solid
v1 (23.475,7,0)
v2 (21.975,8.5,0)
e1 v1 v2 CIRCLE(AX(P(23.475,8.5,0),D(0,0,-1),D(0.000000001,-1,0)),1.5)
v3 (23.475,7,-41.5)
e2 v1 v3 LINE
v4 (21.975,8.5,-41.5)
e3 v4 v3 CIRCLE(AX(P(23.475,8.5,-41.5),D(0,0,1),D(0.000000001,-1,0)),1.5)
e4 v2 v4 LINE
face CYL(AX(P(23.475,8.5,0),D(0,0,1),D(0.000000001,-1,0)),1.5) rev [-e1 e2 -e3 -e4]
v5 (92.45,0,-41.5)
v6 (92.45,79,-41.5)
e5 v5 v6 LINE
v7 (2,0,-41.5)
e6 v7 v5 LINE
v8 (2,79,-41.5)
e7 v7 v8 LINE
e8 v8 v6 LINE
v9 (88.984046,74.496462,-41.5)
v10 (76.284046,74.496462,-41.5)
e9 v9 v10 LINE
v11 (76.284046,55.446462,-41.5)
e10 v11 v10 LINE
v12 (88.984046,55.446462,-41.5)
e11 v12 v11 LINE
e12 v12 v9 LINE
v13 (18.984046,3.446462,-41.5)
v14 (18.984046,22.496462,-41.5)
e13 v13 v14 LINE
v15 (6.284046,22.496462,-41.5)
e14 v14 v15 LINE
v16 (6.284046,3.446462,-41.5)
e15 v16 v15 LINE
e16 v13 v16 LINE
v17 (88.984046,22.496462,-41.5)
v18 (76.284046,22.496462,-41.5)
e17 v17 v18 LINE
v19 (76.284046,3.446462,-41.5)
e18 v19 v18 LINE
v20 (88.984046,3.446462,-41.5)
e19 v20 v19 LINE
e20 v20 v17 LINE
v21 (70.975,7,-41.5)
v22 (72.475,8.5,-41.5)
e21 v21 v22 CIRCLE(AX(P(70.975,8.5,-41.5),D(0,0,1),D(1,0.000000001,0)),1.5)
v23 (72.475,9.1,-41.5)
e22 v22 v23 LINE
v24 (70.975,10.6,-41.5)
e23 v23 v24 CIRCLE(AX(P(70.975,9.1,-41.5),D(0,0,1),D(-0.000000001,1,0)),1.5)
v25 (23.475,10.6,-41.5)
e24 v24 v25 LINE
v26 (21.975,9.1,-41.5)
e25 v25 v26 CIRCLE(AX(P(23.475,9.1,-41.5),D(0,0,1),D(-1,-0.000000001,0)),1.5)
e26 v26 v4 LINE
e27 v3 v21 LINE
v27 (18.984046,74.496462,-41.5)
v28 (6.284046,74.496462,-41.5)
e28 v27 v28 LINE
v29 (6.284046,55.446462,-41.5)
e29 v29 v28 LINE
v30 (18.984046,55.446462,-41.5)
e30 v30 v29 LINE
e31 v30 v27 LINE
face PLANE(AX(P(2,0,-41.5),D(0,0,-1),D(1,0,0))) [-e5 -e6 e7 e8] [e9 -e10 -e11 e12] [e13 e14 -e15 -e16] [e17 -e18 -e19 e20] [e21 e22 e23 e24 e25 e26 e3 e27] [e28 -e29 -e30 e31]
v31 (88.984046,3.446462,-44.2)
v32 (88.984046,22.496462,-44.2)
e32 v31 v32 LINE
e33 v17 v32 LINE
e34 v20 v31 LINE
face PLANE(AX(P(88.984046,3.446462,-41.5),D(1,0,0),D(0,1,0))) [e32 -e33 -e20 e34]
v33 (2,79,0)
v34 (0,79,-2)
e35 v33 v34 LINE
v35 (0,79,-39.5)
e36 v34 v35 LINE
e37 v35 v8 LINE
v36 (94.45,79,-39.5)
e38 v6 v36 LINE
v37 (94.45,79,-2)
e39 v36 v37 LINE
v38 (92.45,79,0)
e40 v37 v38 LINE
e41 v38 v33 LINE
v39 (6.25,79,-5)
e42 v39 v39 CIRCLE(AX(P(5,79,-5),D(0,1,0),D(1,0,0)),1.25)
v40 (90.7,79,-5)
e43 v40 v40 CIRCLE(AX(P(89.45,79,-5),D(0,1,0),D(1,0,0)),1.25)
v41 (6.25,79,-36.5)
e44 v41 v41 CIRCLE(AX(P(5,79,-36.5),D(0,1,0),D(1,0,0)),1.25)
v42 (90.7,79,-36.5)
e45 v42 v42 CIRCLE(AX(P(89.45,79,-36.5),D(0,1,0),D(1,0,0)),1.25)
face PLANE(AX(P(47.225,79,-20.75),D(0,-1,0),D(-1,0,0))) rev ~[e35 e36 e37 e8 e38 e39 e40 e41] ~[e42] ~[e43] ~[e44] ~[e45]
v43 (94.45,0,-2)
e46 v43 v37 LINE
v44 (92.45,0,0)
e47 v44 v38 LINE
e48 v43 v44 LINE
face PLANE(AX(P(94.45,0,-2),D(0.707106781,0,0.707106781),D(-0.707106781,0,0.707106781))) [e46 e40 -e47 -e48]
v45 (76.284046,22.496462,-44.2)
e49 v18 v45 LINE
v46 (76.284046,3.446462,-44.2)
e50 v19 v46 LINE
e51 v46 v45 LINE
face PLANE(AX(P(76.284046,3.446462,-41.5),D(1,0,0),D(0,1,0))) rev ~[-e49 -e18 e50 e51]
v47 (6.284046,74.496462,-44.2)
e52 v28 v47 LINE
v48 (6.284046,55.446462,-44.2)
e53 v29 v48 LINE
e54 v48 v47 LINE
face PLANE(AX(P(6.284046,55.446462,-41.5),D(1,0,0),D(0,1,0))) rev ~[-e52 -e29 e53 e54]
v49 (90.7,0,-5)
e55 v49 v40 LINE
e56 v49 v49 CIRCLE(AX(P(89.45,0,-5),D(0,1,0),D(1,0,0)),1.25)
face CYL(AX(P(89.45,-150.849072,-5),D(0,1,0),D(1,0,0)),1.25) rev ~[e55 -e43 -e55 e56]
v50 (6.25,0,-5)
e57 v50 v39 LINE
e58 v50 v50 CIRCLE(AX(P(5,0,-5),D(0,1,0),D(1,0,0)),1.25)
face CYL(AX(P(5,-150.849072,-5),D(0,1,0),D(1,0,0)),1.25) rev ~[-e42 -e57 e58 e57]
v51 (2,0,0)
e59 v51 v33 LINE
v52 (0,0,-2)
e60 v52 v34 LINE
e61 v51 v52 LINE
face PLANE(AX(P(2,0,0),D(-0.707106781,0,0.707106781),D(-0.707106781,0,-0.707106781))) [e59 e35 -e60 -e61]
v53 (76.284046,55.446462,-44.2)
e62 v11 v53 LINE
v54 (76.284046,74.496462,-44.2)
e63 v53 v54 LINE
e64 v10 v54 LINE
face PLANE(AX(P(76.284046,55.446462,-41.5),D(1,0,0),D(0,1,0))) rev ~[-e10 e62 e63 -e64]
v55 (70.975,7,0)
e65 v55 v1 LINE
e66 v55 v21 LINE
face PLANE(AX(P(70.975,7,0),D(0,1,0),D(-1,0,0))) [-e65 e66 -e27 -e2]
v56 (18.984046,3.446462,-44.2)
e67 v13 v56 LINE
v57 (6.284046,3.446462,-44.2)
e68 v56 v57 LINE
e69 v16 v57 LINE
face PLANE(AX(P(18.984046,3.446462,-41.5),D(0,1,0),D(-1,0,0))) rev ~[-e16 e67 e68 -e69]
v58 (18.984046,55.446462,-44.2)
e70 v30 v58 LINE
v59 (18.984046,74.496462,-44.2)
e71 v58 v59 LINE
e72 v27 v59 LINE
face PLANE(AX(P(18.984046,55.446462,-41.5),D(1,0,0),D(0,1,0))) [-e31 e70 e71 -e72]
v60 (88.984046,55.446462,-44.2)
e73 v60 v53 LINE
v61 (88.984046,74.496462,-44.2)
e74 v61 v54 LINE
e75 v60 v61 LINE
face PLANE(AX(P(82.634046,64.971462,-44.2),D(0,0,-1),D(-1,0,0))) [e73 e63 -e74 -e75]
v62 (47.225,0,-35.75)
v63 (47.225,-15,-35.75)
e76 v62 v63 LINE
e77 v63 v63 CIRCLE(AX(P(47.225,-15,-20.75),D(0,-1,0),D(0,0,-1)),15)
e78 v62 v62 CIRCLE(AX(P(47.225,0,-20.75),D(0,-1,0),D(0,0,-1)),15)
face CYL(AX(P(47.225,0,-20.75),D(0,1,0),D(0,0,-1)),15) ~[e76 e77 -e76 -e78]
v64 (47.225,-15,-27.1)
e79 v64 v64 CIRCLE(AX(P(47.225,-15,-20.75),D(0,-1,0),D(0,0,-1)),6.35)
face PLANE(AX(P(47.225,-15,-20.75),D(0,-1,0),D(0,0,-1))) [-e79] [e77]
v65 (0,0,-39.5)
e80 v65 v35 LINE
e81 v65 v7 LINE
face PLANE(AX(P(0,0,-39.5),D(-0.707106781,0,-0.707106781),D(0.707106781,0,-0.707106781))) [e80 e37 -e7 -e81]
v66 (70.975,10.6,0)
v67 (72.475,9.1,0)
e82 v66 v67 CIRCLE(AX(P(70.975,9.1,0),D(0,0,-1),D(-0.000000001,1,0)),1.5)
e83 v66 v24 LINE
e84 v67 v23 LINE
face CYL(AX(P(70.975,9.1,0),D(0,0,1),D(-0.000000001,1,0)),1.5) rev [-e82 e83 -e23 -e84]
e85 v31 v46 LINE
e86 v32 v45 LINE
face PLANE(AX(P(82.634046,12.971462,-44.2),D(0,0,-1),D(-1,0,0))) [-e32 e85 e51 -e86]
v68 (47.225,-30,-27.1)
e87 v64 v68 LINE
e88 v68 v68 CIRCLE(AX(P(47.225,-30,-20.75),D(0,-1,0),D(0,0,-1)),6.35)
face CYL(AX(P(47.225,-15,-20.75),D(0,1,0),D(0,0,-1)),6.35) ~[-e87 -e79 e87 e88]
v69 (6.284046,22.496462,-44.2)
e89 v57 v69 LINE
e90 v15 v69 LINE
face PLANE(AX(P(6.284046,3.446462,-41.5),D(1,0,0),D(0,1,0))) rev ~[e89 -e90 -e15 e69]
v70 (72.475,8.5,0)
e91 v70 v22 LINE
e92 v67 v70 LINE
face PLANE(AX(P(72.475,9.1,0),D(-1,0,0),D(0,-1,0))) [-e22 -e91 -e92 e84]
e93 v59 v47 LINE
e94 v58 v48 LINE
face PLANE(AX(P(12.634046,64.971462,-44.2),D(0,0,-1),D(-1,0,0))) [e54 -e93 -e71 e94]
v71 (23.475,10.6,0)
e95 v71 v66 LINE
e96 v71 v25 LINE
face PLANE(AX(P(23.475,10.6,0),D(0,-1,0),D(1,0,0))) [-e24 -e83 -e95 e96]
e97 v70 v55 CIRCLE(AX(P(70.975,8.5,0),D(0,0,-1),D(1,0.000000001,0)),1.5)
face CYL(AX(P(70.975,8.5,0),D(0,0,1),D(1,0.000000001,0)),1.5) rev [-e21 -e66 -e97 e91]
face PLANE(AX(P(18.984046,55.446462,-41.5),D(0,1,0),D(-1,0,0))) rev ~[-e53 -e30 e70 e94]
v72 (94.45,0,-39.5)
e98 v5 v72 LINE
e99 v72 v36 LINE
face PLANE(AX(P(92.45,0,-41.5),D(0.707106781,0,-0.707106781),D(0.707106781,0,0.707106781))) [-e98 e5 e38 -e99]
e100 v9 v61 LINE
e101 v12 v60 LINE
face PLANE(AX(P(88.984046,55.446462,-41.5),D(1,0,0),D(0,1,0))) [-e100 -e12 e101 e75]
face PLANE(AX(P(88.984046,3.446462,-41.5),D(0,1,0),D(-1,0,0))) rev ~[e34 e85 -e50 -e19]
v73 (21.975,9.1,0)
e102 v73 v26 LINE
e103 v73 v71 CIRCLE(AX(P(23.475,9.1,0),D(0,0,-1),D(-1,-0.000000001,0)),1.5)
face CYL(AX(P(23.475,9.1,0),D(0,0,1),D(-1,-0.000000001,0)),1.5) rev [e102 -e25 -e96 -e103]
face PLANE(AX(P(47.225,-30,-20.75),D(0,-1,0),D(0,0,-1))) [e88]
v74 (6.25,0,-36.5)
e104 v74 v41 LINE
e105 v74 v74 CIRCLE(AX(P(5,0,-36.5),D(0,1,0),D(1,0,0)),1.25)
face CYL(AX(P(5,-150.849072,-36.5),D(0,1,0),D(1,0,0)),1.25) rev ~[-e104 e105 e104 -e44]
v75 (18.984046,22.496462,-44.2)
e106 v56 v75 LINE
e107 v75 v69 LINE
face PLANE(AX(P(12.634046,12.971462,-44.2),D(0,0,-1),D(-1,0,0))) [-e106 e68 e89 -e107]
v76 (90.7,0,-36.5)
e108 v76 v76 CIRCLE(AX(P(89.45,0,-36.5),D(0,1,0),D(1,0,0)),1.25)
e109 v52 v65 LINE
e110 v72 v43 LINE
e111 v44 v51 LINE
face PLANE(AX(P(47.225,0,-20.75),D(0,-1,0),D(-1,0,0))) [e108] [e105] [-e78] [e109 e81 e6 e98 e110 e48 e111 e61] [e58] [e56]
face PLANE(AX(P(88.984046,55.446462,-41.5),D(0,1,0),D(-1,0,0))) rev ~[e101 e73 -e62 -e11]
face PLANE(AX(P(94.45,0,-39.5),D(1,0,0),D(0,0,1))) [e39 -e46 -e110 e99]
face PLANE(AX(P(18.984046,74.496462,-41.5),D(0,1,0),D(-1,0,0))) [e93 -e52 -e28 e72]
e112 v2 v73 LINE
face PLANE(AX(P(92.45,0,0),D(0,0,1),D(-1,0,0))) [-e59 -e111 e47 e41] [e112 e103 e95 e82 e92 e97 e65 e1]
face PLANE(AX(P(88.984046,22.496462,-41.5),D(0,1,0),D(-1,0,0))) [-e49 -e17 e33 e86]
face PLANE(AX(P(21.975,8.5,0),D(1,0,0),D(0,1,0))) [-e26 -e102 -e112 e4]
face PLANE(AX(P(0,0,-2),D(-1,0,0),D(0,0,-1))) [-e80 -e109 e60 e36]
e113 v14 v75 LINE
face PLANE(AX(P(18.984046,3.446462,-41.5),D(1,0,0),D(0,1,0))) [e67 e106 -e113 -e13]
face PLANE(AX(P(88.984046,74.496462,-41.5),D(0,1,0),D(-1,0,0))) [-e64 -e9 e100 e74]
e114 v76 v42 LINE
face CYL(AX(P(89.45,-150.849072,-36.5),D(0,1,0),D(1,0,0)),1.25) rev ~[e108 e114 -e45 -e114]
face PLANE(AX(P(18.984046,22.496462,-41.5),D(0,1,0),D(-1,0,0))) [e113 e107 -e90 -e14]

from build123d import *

# Parameters (mm, degrees)
BOSS_EXTRUDE1_DEPTH         = 79
SKETCH2_W                   = 12.7
SKETCH2_H                   = 19.05
BOSS_EXTRUDE2_DEPTH         = 2.7
LPATTERN1_COUNT             = 2
LPATTERN1_PITCH             = 70
LPATTERN1_COUNT_DIR2        = 2
LPATTERN1_PITCH_DIR2        = 52
SKETCH3_R                   = 15
BOSS_EXTRUDE3_DEPTH         = 15
SKETCH4_R                   = 6.35
BOSS_EXTRUDE4_DEPTH         = 15
CUT_EXTRUDE1_DEPTH          = 131.826000856
TAP_DRILL_FOR_M3X0_5_TAP1_D = 2.5


with BuildPart() as part:
    # Sketch1 → Boss-Extrude1 (new body)
    with BuildSketch(Plane(origin=(0, 0, 0), x_dir=(1, 0, 0), z_dir=(0, 1, 0))):
        Polygon((0, 39.5), (2, 41.5), (92.45, 41.5), (94.45, 39.5), (94.45, 2), (92.45, 0), (2, 0), (0, 2), align=None)
    extrude(amount=BOSS_EXTRUDE1_DEPTH)

    # Sketch2 → Boss-Extrude2 (add)
    with BuildSketch(Plane(origin=(0, 0, -41.5), x_dir=(-1, 0, 0), z_dir=(0, 0, -1))):
        with Locations((-12.634045562, 12.971461945)):
            Rectangle(SKETCH2_W, SKETCH2_H)
    boss_extrude2 = extrude(amount=BOSS_EXTRUDE2_DEPTH)

    # LPattern1: Boss-Extrude2 2 × 2
    with Locations(*[(i * LPATTERN1_PITCH, j * LPATTERN1_PITCH_DIR2, 0) for i in range(LPATTERN1_COUNT) for j in range(LPATTERN1_COUNT_DIR2) if (i, j) != (0, 0)]):
        add(boss_extrude2)

    # Sketch3 → Boss-Extrude3 (add)
    with BuildSketch(Plane.XZ):
        with Locations(Location((47.225, -20.75, 0), (0, 0, 270))):
            Circle(SKETCH3_R)
    extrude(amount=BOSS_EXTRUDE3_DEPTH)

    # Sketch4 → Boss-Extrude4 (add)
    with BuildSketch(Plane.XZ.offset(15)):
        with Locations(Location((47.225, -20.75, 0), (0, 0, 270))):
            Circle(SKETCH4_R)
    extrude(amount=BOSS_EXTRUDE4_DEPTH)

    # Sketch5 → Cut-Extrude1 (cut, through all)
    with BuildSketch(Plane.XY):
        with BuildLine():
            Line((70.975, 7), (23.475, 7))
            ThreePointArc((23.475, 7), (22.414339828, 7.439339828), (21.975, 8.5))
            Line((21.975, 8.5), (21.975, 9.1))
            ThreePointArc((21.975, 9.1), (22.414339828, 10.160660172), (23.475, 10.6))
            Line((23.475, 10.6), (70.975, 10.6))
            ThreePointArc((70.975, 10.6), (72.035660172, 10.160660172), (72.475, 9.1))
            Line((72.475, 9.1), (72.475, 8.5))
            ThreePointArc((72.475, 8.5), (72.035660172, 7.439339828), (70.975, 7))
        make_face()
    extrude(amount=-CUT_EXTRUDE1_DEPTH, mode=Mode.SUBTRACT)

    # Tap Drill for M3x0.5 Tap1 (through all)
    with Locations(Plane(origin=(0, 0, 0), x_dir=(-1, 0, 0), z_dir=(0, -1, 0))):
        with Locations((-5, 5), (-5, 36.5), (-89.45, 36.5), (-89.45, 5)):
            Hole(TAP_DRILL_FOR_M3X0_5_TAP1_D / 2)


solid = part.part
